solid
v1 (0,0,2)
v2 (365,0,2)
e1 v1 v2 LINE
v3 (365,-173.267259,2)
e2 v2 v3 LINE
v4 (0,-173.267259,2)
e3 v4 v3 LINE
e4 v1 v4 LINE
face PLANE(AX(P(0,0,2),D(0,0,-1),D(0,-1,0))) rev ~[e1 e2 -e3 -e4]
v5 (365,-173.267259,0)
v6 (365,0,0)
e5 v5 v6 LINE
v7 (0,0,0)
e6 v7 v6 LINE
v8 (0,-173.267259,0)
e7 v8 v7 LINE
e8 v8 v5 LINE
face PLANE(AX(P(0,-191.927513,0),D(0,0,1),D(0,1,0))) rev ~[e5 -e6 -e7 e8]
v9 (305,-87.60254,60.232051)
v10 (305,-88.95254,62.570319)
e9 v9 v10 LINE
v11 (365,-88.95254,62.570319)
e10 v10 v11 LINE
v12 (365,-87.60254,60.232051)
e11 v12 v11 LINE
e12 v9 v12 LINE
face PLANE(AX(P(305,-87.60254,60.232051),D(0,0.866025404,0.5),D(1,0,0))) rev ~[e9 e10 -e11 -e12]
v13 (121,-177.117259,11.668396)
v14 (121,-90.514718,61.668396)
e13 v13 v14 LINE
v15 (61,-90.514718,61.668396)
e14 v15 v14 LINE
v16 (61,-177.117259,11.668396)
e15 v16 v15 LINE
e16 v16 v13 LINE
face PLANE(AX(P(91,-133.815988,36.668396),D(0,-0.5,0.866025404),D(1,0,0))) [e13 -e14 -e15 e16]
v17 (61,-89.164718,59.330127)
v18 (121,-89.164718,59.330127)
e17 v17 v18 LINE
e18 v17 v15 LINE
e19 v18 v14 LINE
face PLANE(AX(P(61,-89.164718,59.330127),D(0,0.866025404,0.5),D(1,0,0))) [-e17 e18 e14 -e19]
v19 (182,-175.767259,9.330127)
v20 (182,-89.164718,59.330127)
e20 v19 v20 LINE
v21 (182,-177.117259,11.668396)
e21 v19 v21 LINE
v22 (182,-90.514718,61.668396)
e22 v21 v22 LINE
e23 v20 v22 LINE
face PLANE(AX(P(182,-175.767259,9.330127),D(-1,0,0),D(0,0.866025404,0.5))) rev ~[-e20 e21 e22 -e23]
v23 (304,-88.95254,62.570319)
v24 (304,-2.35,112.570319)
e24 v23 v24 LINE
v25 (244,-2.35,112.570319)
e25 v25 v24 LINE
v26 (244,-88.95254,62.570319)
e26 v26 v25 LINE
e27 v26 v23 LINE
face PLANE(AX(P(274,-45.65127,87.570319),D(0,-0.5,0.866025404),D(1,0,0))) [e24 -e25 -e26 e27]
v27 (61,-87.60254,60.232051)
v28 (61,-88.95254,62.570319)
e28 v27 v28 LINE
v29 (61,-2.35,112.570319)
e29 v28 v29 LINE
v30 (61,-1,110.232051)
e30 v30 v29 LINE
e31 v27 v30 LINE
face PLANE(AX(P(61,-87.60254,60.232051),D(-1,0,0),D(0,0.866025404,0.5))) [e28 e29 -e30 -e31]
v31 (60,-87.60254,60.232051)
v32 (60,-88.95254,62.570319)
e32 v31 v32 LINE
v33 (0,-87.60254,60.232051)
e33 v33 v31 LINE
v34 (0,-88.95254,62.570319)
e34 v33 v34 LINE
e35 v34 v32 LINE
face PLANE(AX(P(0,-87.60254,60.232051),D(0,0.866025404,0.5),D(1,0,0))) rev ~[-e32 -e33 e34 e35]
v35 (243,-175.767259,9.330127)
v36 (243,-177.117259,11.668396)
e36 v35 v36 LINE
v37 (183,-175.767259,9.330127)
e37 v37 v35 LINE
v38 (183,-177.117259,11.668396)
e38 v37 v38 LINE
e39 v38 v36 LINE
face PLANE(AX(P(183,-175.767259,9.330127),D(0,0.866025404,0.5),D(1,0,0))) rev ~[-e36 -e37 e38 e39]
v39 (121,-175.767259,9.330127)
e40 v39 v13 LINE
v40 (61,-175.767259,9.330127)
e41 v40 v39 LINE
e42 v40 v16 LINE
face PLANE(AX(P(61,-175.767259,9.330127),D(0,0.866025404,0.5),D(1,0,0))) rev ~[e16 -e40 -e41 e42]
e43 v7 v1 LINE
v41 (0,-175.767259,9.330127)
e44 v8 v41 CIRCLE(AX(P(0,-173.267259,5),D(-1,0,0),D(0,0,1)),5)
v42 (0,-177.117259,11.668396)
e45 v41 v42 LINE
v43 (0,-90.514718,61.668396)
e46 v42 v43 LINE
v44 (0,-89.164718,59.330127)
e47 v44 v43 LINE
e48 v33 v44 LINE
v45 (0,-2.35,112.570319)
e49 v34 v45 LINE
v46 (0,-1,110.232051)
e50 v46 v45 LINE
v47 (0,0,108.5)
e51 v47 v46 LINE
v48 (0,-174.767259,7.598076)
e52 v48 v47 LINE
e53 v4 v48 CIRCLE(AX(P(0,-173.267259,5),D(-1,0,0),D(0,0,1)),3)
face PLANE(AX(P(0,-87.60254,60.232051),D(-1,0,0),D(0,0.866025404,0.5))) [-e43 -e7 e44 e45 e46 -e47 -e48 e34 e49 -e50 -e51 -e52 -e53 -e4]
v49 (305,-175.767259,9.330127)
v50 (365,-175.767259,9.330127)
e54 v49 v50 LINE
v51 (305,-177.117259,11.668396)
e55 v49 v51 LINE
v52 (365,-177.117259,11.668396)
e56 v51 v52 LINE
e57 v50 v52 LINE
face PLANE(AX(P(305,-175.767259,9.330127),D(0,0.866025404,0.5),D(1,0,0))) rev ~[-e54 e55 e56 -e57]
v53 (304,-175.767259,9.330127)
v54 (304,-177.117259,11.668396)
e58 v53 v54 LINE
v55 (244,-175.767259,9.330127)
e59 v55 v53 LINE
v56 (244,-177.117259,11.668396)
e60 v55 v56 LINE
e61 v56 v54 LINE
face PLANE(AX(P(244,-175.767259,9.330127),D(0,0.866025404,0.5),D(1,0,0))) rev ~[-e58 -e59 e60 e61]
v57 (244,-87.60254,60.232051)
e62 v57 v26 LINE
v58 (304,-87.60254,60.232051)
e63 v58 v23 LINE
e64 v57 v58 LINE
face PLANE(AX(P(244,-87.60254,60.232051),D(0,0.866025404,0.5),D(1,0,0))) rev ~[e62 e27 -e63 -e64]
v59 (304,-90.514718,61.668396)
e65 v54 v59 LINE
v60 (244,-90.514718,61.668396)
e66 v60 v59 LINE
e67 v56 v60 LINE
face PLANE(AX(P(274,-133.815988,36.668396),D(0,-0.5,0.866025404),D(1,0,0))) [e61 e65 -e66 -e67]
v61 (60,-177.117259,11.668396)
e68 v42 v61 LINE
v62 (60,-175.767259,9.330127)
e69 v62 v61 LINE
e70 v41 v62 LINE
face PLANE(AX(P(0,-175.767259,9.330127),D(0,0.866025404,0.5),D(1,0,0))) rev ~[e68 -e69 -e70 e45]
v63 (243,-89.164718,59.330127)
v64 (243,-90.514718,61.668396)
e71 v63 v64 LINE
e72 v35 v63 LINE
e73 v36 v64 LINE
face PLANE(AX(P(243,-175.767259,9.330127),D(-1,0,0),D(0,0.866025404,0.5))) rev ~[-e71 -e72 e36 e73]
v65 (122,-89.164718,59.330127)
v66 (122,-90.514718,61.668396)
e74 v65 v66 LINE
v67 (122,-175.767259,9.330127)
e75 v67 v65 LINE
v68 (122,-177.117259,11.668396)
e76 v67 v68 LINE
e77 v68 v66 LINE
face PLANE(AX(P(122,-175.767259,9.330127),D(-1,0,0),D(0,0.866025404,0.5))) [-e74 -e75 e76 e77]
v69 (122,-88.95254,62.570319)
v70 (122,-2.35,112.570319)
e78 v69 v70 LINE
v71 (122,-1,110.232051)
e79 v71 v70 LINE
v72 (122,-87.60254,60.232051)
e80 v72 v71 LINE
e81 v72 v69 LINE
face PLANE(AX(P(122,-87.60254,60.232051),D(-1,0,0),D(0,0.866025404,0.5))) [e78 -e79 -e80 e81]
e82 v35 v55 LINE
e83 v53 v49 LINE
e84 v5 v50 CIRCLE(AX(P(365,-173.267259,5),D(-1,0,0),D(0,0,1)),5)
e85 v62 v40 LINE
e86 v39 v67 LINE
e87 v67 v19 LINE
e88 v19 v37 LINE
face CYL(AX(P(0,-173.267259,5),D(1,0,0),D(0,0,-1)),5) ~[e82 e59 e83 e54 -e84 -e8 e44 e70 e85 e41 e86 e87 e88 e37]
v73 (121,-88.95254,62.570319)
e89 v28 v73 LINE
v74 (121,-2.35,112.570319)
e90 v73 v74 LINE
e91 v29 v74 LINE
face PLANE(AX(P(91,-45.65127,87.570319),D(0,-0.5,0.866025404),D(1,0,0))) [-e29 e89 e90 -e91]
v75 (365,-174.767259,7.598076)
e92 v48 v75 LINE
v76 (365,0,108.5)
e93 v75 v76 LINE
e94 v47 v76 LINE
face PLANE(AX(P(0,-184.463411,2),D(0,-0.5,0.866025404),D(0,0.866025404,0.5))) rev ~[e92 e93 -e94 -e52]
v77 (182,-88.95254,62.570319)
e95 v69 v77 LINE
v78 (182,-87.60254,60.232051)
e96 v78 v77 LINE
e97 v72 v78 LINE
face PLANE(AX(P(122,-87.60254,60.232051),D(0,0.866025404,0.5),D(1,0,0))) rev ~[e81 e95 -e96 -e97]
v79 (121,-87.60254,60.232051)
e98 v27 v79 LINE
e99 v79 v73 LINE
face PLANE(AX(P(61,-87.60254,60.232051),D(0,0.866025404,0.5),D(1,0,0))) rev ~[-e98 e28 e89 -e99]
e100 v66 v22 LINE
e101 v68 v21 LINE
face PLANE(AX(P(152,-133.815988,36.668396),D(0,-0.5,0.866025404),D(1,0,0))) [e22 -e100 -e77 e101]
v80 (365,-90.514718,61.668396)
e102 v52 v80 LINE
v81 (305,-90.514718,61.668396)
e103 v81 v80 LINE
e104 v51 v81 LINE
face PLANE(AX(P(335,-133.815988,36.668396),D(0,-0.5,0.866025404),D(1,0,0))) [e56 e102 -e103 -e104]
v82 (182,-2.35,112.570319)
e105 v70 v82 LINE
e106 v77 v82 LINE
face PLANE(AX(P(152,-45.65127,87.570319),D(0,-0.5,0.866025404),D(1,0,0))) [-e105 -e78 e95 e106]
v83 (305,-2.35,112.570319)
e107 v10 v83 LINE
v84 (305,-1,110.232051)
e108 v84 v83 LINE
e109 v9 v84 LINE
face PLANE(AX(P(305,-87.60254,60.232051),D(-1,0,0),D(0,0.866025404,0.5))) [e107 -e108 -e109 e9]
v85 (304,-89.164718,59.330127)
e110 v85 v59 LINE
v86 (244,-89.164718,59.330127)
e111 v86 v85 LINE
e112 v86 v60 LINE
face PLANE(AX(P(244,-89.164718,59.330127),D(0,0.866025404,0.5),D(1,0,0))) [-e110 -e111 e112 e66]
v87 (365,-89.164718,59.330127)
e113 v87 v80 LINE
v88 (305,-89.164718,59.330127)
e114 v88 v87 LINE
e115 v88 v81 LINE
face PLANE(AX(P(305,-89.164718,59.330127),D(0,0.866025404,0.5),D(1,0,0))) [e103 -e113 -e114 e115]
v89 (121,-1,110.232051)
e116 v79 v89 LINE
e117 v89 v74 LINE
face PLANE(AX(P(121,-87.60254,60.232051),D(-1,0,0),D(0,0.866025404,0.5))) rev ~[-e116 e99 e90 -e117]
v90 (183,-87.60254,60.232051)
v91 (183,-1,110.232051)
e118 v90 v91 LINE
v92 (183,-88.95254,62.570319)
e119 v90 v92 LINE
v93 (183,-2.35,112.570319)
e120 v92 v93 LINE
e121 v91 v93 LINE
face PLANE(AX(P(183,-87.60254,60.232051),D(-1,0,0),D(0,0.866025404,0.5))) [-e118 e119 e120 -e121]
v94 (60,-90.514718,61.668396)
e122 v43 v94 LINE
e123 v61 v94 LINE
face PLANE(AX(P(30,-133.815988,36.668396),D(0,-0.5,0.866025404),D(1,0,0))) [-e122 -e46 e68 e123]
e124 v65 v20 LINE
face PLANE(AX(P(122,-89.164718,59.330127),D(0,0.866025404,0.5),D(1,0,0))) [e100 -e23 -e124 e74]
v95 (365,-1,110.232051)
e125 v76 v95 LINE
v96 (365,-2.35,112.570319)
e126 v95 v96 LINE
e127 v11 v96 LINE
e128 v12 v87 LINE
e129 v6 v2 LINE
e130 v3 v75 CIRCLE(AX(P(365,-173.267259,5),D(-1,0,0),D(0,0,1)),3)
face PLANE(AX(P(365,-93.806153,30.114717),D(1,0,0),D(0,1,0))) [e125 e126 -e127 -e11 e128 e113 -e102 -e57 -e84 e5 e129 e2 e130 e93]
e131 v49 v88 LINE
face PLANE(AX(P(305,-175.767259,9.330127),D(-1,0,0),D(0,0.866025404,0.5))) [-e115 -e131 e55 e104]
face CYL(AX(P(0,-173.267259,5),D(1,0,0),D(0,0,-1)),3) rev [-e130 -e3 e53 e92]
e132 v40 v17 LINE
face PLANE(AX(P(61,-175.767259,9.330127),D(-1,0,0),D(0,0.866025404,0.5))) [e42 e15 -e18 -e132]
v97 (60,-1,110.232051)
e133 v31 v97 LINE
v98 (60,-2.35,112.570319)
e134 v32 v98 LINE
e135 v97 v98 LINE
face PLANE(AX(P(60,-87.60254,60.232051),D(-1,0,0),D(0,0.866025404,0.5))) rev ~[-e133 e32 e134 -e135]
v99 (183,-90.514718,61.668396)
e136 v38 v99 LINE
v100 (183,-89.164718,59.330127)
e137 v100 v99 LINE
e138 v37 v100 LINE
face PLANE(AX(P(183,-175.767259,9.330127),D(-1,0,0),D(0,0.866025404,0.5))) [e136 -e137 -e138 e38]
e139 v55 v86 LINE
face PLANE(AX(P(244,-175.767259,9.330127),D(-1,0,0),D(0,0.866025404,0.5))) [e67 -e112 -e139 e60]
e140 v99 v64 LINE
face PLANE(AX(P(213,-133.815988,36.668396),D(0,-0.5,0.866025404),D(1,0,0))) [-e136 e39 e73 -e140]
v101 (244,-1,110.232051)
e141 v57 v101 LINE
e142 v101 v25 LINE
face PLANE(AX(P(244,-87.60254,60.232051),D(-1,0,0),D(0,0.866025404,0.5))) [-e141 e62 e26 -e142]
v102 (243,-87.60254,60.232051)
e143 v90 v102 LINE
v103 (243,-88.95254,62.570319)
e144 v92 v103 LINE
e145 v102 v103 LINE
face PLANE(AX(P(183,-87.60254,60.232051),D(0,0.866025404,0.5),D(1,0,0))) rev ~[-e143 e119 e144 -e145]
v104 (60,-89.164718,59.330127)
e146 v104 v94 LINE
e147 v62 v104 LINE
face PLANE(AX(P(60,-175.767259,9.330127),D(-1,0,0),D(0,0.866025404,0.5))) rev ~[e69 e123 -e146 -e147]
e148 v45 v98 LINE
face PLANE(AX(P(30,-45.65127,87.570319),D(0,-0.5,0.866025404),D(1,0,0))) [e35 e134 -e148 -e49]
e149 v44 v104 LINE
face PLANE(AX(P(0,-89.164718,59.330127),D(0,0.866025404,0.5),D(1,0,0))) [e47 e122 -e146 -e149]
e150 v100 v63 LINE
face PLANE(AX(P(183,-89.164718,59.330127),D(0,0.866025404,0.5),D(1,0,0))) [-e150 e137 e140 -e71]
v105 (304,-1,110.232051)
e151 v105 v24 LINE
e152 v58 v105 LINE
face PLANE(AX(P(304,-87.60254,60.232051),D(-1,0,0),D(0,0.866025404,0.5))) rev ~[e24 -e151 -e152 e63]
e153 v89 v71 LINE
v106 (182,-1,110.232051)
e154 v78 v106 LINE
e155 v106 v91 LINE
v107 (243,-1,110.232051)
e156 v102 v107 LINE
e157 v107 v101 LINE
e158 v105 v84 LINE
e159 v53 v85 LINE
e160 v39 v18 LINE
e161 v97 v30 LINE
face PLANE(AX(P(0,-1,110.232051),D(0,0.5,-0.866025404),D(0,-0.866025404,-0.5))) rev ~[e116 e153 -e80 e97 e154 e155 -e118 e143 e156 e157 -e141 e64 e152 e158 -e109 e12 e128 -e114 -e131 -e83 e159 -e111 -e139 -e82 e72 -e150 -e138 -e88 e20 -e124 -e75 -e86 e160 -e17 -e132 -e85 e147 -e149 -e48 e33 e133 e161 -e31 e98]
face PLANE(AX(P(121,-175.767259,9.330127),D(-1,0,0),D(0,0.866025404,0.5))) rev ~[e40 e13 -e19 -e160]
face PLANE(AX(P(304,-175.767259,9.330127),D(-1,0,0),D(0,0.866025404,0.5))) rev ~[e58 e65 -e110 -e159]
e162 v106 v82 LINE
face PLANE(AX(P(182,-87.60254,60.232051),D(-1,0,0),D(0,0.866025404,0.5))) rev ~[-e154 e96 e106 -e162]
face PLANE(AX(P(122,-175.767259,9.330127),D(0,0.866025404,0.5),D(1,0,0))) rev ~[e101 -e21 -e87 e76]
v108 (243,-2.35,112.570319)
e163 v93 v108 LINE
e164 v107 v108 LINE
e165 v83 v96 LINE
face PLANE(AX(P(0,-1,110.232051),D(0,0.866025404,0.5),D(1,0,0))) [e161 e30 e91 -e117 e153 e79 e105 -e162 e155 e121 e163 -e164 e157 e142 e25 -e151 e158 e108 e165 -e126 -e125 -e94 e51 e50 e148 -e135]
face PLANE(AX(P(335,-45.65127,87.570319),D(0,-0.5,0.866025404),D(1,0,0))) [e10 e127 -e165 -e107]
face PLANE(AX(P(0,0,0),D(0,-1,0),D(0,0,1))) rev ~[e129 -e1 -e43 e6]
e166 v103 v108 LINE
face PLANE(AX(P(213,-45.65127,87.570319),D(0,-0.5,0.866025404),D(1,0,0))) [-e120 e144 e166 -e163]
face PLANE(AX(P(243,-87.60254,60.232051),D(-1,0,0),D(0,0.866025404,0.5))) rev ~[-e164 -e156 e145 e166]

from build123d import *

# Parameters (mm, degrees)
F1_DEPTH = 365
F2_R     = 3
F3_R     = 5
F4_W     = 60
F4_H     = 100
F5_DEPTH = 2.7


with BuildPart() as f1:
    # F0 (on Right) → F1 (new body)
    with BuildSketch(Plane.YZ):
        Polygon((0, 0), (0, 2), (-184.4634110061, 2), (0, 108.5), (-1, 110.2320508076), (-191.9275126212, 0), align=None)
    extrude(amount=F1_DEPTH)

    # F2
    f2_edges = [f1.edges().sort_by_distance(p)[0] for p in [
        (182.5, -184.463411, 2),
    ]]
    fillet(f2_edges, radius=F2_R)

    # F3
    f3_edges = [f1.edges().sort_by_distance(p)[0] for p in [
        (182.5, -191.927513, 0),
    ]]
    fillet(f3_edges, radius=F3_R)

    # F4 (on face) → F5 (join)
    with BuildSketch(Plane(origin=(0, -47.9818781553, 83.1070508076), x_dir=(1, 0, 0), z_dir=(0, -0.5, 0.8660254038))):
        with Locations((30, 4.25)):
            Rectangle(F4_W, F4_H)
        with Locations((91, 4.25)):
            Rectangle(F4_W, F4_H)
        with Locations((152, 4.25)):
            Rectangle(F4_W, F4_H)
        with Locations((213, 4.25)):
            Rectangle(F4_W, F4_H)
        with Locations((274, 4.25)):
            Rectangle(F4_W, F4_H)
        with Locations((335, 4.25)):
            Rectangle(F4_W, F4_H)
        with Locations((30, -97.5538475773)):
            Rectangle(F4_W, F4_H)
        with Locations((91, -97.5538475773)):
            Rectangle(F4_W, F4_H)
        with Locations((152, -97.5538475773)):
            Rectangle(F4_W, F4_H)
        with Locations((213, -97.5538475773)):
            Rectangle(F4_W, F4_H)
        with Locations((274, -97.5538475773)):
            Rectangle(F4_W, F4_H)
        with Locations((335, -97.5538475773)):
            Rectangle(F4_W, F4_H)
    extrude(amount=F5_DEPTH)


solid = f1.part
